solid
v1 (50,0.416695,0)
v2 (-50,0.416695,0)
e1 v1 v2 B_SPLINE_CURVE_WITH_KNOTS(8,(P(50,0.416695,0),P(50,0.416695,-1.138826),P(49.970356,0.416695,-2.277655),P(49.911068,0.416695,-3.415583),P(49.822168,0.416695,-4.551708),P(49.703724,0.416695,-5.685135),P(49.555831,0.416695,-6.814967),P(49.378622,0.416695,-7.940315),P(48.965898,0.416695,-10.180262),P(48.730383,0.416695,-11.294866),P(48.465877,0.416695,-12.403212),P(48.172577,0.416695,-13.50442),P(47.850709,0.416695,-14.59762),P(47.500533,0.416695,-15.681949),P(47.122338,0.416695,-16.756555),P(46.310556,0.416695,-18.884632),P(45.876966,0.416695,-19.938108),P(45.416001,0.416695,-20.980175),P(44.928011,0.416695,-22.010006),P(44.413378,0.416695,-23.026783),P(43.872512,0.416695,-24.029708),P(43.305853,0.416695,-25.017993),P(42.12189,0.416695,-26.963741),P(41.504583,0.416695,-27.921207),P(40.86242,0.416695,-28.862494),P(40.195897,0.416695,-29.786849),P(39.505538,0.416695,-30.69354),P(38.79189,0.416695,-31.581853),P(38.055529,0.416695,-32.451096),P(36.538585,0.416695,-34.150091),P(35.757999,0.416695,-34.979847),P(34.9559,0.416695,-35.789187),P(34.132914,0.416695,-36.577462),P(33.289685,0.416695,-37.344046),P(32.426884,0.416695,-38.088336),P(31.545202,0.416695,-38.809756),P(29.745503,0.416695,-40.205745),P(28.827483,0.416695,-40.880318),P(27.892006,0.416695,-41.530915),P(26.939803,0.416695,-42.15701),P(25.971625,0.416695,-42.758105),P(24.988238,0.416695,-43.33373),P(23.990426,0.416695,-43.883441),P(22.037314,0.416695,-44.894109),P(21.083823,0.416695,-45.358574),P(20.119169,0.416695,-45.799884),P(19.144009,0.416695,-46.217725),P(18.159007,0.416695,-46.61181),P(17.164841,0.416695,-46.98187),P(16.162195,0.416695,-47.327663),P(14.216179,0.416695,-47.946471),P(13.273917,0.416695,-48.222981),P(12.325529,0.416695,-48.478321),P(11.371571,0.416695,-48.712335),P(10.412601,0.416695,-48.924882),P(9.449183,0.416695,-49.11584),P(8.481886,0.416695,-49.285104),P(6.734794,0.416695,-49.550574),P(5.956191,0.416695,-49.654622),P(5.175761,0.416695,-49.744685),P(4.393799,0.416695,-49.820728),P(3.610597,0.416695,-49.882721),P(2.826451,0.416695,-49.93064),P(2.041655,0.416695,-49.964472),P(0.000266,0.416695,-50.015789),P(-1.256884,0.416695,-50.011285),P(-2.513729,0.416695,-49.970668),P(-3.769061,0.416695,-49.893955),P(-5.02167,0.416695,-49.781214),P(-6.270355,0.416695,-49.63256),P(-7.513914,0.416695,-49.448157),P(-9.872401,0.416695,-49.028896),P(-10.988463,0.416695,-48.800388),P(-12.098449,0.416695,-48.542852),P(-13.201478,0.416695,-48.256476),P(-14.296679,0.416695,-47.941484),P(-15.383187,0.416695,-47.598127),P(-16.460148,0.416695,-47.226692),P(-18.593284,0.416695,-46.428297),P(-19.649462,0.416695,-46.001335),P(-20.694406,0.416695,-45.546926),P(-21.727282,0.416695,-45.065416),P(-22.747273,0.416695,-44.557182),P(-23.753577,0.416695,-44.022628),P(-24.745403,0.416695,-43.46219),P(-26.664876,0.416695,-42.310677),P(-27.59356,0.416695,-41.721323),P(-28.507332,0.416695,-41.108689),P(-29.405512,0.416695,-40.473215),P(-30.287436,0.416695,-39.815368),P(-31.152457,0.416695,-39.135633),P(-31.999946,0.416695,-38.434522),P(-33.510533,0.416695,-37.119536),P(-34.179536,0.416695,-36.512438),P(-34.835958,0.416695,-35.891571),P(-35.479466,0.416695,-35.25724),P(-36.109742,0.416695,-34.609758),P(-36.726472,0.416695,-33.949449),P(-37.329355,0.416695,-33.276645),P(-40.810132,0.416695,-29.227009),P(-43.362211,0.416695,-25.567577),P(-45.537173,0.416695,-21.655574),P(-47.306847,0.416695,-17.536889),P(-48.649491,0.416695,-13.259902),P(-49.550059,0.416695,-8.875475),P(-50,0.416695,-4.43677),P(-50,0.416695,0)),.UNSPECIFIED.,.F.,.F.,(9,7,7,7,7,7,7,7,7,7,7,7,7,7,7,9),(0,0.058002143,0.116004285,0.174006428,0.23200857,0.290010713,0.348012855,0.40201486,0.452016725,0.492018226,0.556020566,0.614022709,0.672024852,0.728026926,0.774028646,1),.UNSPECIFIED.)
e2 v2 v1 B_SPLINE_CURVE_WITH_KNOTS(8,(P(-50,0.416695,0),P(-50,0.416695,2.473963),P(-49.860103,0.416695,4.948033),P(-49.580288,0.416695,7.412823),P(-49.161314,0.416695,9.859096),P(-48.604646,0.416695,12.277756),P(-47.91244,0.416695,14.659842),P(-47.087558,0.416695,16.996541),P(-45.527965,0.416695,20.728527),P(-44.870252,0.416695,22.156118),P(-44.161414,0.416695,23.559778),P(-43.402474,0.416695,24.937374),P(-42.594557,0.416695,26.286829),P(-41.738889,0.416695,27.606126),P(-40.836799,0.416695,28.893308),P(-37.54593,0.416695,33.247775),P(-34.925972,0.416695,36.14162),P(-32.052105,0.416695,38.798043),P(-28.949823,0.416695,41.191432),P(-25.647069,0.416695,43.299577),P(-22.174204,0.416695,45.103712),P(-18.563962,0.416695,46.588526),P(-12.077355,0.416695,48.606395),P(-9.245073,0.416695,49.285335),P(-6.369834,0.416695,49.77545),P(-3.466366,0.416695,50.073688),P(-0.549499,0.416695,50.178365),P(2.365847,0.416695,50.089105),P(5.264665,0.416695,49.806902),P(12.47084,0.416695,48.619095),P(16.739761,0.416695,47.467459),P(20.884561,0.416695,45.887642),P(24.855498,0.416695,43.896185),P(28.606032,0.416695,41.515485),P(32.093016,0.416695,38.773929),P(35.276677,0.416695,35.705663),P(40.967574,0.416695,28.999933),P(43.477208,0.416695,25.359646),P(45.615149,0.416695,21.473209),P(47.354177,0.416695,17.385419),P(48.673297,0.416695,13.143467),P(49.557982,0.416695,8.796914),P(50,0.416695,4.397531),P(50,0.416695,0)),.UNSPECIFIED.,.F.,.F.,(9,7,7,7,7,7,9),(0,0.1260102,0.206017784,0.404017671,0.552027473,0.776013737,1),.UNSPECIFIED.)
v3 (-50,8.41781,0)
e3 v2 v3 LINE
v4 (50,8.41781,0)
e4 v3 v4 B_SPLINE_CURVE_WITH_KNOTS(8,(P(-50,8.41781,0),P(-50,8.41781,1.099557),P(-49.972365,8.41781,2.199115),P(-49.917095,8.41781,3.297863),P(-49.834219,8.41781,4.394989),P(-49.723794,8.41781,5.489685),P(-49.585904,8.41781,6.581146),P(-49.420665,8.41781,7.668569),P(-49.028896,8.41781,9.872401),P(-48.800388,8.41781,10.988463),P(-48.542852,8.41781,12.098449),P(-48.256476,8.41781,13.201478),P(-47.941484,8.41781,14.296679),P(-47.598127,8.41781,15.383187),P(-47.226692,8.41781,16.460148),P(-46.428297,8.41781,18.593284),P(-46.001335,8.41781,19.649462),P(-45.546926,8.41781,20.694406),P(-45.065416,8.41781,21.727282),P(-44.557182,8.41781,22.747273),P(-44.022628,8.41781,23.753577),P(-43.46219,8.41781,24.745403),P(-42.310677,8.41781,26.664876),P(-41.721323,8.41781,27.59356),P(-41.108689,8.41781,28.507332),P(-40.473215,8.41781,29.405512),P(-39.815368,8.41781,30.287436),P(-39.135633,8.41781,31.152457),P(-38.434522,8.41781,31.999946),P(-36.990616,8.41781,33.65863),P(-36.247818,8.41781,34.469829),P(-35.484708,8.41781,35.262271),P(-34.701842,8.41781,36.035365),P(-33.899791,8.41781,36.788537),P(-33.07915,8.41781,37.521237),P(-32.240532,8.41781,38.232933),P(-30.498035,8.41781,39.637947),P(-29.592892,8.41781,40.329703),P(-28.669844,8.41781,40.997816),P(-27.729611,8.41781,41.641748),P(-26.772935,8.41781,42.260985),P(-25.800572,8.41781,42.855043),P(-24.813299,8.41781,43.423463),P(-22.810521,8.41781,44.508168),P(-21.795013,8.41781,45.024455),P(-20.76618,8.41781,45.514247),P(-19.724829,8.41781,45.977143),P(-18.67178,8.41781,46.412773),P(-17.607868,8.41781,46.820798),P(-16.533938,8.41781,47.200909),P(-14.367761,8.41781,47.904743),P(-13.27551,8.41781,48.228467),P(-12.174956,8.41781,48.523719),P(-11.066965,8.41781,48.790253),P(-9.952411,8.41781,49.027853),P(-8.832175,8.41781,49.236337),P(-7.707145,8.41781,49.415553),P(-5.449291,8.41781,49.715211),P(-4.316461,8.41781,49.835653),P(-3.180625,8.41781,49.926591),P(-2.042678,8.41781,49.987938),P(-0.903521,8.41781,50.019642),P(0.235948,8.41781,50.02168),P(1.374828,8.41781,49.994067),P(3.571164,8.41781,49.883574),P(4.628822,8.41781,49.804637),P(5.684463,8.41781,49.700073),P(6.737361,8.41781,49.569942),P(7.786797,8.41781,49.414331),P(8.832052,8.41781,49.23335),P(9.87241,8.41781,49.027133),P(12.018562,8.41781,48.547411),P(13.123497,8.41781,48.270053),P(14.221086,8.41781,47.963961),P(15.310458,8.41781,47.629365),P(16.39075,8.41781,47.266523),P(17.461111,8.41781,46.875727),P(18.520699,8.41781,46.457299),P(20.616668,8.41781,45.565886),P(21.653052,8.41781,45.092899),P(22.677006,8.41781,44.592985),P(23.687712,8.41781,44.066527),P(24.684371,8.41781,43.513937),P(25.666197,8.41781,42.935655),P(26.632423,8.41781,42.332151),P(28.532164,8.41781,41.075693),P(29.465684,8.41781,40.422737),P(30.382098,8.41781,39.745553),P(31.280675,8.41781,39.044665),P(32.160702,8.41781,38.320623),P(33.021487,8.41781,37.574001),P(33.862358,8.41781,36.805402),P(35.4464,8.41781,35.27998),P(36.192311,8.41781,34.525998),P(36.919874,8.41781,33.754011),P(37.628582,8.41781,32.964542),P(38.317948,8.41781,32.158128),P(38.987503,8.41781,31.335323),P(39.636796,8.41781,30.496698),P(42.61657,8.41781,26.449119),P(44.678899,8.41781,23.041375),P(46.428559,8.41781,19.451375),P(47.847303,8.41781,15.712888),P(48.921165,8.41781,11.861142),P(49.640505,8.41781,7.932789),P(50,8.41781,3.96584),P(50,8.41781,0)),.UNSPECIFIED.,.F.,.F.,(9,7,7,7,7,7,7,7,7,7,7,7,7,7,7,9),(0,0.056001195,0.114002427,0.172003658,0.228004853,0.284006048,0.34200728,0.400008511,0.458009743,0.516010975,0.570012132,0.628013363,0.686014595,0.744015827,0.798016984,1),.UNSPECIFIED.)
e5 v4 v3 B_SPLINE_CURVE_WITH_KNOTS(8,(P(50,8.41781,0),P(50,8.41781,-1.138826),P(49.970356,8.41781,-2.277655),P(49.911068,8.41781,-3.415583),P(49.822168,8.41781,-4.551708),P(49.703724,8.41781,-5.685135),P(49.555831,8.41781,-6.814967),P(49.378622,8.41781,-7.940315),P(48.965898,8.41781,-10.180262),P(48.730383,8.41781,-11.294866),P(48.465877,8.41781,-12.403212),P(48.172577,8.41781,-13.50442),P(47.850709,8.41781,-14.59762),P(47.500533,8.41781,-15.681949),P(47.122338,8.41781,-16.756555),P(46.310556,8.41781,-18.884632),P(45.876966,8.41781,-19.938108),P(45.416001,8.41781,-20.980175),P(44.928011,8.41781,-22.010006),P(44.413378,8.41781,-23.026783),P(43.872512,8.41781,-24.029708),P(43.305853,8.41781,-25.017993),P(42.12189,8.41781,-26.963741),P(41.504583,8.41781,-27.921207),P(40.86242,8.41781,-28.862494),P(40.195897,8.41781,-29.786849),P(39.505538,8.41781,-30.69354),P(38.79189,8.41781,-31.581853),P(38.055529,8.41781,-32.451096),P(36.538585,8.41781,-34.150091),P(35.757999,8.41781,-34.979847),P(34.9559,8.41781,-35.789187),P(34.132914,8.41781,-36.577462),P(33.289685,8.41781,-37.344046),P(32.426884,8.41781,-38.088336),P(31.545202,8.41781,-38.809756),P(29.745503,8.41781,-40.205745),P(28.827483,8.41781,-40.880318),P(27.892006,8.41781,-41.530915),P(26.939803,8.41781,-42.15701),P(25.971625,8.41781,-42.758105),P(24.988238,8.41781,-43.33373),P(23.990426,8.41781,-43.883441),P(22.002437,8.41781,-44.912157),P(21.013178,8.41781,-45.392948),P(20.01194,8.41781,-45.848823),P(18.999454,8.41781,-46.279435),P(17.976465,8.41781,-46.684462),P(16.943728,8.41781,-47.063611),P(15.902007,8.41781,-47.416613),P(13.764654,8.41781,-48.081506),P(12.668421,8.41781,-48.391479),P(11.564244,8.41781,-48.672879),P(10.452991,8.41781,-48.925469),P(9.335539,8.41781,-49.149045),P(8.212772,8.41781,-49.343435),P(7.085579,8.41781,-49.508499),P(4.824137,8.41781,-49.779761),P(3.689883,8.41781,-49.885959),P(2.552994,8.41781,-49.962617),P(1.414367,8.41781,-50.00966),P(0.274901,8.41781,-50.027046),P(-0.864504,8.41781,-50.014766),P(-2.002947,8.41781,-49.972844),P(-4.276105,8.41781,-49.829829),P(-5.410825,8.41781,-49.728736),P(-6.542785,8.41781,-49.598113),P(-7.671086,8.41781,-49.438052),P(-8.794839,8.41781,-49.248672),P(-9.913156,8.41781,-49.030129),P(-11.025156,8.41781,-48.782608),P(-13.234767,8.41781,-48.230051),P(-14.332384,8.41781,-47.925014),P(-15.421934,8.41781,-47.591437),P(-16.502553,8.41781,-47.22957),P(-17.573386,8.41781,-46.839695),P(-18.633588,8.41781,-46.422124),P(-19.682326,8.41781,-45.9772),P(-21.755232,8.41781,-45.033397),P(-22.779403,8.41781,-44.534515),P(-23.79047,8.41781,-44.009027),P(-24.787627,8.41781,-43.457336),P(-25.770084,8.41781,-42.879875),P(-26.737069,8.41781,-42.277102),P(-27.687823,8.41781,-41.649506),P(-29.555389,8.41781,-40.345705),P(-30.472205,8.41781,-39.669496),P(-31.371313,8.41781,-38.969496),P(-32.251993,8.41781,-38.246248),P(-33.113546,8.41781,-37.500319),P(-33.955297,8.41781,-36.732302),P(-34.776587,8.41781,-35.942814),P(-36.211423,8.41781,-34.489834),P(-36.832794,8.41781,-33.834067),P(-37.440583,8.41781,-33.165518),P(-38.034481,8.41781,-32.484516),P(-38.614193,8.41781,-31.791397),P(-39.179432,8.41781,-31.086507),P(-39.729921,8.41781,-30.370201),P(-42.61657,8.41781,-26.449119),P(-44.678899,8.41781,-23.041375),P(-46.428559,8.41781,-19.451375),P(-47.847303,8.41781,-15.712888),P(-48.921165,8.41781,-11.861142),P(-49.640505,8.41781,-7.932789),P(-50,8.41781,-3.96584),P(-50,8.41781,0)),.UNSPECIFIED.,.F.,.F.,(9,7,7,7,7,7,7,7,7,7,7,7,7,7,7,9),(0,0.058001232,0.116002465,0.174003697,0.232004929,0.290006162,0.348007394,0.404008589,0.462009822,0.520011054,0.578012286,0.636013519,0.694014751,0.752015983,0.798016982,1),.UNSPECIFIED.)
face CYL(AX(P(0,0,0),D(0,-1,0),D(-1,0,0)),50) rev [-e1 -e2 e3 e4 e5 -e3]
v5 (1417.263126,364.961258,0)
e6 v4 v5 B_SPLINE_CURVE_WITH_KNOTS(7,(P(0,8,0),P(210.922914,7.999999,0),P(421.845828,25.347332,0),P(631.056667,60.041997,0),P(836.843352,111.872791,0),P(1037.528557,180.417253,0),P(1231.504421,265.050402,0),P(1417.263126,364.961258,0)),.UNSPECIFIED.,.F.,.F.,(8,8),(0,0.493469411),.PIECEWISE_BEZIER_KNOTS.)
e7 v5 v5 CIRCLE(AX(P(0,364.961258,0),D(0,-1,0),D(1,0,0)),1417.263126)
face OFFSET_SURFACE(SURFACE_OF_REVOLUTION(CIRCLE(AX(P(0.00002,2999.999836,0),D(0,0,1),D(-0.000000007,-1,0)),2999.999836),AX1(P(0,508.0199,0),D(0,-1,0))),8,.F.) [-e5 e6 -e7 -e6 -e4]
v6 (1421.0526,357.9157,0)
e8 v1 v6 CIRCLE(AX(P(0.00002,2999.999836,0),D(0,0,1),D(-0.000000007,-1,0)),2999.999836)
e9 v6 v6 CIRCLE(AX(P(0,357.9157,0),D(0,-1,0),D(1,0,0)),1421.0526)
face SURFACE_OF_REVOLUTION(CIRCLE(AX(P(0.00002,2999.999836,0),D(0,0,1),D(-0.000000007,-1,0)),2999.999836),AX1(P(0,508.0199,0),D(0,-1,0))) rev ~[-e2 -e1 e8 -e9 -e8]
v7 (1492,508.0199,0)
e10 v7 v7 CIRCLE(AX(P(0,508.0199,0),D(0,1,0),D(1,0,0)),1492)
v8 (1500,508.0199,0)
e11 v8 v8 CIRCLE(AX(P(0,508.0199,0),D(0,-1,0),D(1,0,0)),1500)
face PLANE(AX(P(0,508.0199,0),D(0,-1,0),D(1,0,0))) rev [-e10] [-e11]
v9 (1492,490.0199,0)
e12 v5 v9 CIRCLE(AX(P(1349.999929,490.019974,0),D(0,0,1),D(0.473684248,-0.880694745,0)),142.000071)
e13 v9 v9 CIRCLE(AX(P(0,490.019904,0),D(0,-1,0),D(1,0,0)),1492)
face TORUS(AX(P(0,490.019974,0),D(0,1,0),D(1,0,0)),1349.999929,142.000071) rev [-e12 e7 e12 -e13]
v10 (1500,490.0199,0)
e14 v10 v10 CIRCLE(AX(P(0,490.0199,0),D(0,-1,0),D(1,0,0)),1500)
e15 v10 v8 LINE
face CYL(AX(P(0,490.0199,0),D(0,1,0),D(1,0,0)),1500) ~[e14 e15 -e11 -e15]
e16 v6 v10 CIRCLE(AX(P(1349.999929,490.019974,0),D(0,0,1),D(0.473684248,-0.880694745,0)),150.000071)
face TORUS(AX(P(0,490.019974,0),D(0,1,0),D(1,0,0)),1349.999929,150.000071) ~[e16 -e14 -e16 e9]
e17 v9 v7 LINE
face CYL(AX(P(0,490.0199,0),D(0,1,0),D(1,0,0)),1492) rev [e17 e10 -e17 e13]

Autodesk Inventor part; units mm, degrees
ref_plane "YZ Plane" through (0, 0, 0) normal (1, 0, 0) x (0, 1, 0)
ref_plane "XZ Plane" through (0, 0, 0) normal (0, 1, 0) x (-1, 0, 0)
ref_plane "XY Plane" through (0, 0, 0) normal (0, 0, 1) x (1, 0, 0)
sketch "Sketch1" plane through (0, 0, 0) normal (0, 0, 1) x (1, 0, 0)
  line L0 (-1421.0526, 357.9157) -> (1421.0526, 357.9157) construction
  arc A0 (-1421.0526, 357.9157) -> (0, 0) centre (0, 3000) ccw construction
  line L1 (-1500, 490.0199) -> (1500, 490.0199) construction
  arc A1 (-1500, 490.0199) -> (-1421.0526, 357.9157) centre (-1350, 490.0199) ccw construction
  arc A2 (1421.0526, 357.9157) -> (1500, 490.0199) centre (1350, 490.0199) ccw
  line L2 (-1500, 490.0199) -> (-1500, 508.0199)
  line L3 (1500, 490.0199) -> (1500, 508.0199)
  line L4 (-1500, 508.0199) -> (0, 508.0199) construction
  line L5 (0, 508.0199) -> (0, 0)
  arc A3 (0, 0) -> (1421.0526, 357.9157) centre (0, 3000) ccw
  line L6 (0, 508.0199) -> (1500, 508.0199)
  dimension "d0" = 3000
  dimension "d1" = 150
  dimension "d2" = 18
  dimension "d3" = 3000
  dimension "d7_from_floor" = 0
revolve "Revolution1" add sketch "Sketch1" angle 360 about axis through (0, 508.0199, 0) along (0, -1, 0)
shell "Shell1" thickness 8 removed faces 1 at (349.4466, 508.0199, 349.2864)
sketch "Sketch2" plane through (0, 0, 0) normal (0, 1, 0) x (-1, 0, 0)
  circle A0 centre (0, 0) radius 50
  dimension "d10" = 100
extrude "Extrusion1" cut sketch "Sketch2" along normal through all
equation "\"d0\" = d3"
equation "\"d3\" = MAIN_Filter_Diam"
equation "\"d10\" = MAIN_Outer_Tube_Diam"
equation "\"MAIN_Filter_Diam\" = 3000"
equation "\"MAIN_Outer_Tube_Diam\" = 100"
properties part number "dished head" material "Stainless Steel"
